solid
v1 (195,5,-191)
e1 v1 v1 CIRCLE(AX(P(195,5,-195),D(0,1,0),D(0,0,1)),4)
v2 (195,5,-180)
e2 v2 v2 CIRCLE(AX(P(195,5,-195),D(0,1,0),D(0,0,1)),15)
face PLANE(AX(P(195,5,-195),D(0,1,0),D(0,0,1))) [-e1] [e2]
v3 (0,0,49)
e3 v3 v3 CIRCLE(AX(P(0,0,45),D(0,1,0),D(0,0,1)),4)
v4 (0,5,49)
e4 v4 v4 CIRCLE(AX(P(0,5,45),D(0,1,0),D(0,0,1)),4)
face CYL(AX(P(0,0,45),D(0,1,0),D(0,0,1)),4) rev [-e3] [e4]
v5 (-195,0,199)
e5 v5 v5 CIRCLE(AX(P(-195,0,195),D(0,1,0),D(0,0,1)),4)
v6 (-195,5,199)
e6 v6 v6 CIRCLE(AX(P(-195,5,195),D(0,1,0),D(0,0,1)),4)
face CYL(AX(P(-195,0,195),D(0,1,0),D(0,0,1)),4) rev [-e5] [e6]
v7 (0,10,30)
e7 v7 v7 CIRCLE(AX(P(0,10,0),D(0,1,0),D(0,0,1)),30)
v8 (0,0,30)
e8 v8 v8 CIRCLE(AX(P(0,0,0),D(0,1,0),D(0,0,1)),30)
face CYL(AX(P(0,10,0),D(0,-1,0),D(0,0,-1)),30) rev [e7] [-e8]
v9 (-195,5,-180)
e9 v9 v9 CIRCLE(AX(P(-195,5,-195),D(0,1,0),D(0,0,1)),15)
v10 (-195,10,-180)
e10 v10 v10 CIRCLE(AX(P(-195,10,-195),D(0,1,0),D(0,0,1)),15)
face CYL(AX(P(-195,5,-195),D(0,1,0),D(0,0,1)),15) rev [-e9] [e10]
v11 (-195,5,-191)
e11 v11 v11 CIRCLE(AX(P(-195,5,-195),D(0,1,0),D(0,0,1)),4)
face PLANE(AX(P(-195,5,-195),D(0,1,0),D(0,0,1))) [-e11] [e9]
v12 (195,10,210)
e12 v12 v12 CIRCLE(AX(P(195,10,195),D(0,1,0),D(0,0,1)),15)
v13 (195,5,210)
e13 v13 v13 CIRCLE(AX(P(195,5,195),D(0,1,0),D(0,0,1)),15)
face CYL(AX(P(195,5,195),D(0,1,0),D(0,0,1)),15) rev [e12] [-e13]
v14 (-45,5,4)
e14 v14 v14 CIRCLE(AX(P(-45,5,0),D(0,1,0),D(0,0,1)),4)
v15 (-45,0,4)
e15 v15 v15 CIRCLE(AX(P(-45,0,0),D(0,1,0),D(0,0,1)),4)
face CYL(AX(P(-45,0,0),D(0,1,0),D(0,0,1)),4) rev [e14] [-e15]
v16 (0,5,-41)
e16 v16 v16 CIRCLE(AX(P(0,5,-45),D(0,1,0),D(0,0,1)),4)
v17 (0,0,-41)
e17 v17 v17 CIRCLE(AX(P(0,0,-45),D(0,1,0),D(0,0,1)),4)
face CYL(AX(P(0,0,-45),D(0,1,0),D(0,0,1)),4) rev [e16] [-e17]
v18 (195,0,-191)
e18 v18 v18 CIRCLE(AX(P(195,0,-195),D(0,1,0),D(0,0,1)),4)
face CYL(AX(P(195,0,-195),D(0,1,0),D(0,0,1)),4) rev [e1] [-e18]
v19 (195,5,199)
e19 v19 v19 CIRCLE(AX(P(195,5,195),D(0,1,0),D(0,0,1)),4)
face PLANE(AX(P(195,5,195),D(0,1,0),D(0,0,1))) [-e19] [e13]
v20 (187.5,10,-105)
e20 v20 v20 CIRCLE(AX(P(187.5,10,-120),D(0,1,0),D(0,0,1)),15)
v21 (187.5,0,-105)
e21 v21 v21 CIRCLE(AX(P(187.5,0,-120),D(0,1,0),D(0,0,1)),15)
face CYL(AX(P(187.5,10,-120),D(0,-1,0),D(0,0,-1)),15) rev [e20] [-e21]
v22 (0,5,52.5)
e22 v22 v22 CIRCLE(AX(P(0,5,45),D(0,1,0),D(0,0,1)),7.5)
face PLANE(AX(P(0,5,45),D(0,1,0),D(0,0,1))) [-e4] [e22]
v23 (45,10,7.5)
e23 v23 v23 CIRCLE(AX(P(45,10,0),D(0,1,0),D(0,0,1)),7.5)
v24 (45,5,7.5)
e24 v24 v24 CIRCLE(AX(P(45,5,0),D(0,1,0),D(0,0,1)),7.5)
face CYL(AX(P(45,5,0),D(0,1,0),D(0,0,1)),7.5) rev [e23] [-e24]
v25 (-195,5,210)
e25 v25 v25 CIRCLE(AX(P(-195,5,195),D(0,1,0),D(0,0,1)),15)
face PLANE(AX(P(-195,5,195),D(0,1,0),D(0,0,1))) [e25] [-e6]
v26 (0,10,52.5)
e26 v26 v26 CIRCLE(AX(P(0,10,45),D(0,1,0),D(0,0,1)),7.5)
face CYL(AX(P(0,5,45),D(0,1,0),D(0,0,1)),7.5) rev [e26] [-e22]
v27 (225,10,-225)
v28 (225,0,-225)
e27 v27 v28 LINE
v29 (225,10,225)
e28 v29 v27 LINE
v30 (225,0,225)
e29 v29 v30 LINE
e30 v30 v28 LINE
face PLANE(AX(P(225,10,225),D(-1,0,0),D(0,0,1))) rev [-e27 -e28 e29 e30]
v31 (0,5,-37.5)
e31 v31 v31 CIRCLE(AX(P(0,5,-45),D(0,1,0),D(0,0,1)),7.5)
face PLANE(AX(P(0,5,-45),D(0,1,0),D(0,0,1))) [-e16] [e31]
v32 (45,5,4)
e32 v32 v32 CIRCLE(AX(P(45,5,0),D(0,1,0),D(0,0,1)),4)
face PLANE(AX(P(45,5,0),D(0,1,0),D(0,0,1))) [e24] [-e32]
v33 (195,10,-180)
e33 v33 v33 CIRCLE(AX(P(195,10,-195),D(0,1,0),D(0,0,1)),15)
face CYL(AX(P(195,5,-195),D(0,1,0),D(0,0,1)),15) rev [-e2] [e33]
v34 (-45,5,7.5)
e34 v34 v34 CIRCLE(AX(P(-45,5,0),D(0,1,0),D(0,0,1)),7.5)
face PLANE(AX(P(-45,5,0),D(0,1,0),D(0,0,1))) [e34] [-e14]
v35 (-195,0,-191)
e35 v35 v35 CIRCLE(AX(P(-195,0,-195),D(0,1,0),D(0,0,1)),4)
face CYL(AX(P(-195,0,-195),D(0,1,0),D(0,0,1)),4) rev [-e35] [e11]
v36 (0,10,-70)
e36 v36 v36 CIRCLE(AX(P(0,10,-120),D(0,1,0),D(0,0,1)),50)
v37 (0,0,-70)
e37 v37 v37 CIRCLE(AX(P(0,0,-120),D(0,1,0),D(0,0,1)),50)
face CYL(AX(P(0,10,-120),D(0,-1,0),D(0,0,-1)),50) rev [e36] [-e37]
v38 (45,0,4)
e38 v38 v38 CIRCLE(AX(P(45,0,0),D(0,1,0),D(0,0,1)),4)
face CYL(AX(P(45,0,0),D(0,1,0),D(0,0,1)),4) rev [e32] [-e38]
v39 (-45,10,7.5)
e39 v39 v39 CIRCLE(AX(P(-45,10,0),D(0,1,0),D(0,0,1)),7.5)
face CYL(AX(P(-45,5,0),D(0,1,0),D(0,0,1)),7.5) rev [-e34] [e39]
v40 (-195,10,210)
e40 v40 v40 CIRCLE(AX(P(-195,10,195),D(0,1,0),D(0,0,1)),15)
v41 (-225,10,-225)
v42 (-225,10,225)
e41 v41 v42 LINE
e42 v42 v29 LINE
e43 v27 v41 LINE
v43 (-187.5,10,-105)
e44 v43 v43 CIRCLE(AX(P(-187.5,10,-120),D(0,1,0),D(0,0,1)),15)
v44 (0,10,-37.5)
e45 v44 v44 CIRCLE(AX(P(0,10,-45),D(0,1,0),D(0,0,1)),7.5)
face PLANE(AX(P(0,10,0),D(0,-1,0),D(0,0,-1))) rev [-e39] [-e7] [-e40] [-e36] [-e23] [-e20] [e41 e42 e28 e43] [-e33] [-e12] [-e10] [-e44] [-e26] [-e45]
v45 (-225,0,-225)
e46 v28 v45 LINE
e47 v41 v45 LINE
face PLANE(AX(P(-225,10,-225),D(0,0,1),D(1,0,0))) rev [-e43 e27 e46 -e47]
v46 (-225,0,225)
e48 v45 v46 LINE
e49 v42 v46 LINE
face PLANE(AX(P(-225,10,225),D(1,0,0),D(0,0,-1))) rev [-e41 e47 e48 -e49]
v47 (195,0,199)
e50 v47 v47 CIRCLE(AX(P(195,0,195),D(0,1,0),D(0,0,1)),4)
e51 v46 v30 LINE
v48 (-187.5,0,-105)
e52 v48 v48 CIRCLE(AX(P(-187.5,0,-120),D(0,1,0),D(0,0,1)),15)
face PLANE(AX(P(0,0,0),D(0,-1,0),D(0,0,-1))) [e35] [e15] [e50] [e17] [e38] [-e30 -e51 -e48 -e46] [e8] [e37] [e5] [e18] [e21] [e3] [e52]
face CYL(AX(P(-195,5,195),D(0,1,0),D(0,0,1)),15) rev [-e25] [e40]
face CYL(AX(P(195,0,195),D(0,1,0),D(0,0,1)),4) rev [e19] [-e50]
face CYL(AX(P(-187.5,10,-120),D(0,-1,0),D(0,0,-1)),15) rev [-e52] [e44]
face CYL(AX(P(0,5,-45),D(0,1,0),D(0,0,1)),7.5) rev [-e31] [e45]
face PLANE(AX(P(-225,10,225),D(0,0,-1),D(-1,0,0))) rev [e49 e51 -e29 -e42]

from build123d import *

# Parameters (mm, degrees)
CROQUIS1_W              = 450
CROQUIS1_H              = 450
CROQUIS1_R              = 30
CROQUIS1_R_2            = 50
CROQUIS1_R_3            = 15
SALIENTE_EXTRUIR1_DEPTH = 10
CROQUIS7_R              = 15
CROQUIS7_R_2            = 7.5
CORTAR_EXTRUIR6_DEPTH   = 5
CROQUIS8_R              = 4
CORTAR_EXTRUIR7_DEPTH   = 5


with BuildPart() as part:
    # Croquis1 → Saliente-Extruir1 (new body)
    with BuildSketch(Plane(origin=(0, 0, 0), x_dir=(1, 0, 0), z_dir=(0, 1, 0))):
        Rectangle(CROQUIS1_W, CROQUIS1_H)
        Circle(CROQUIS1_R, mode=Mode.SUBTRACT)
        with Locations((0, 120)):
            Circle(CROQUIS1_R_2, mode=Mode.SUBTRACT)
        with Locations((-187.5, 120)):
            Circle(CROQUIS1_R_3, mode=Mode.SUBTRACT)
        with Locations((187.5, 120)):
            Circle(CROQUIS1_R_3, mode=Mode.SUBTRACT)
    extrude(amount=SALIENTE_EXTRUIR1_DEPTH)

    # Croquis7 → Cortar-Extruir6 (cut)
    with BuildSketch(Plane(origin=(0, 10, 0), x_dir=(1, 0, 0), z_dir=(0, 1, 0))):
        with Locations((-195, 195)):
            Circle(CROQUIS7_R)
        with Locations((195, 195)):
            Circle(CROQUIS7_R)
        with Locations((195, -195)):
            Circle(CROQUIS7_R)
        with Locations((-195, -195)):
            Circle(CROQUIS7_R)
        with Locations((-45, 0)):
            Circle(CROQUIS7_R_2)
        with Locations((0, 45)):
            Circle(CROQUIS7_R_2)
        with Locations((0, -45)):
            Circle(CROQUIS7_R_2)
        with Locations((45, 0)):
            Circle(CROQUIS7_R_2)
    extrude(amount=-CORTAR_EXTRUIR6_DEPTH, mode=Mode.SUBTRACT)

    # Croquis8 → Cortar-Extruir7 (cut)
    with BuildSketch(Plane(origin=(0, 5, 0), x_dir=(1, 0, 0), z_dir=(0, 1, 0))):
        with Locations((195, -195)):
            Circle(CROQUIS8_R)
        with Locations((-195, -195)):
            Circle(CROQUIS8_R)
        with Locations((-45, 0)):
            Circle(CROQUIS8_R)
        with Locations((45, 0)):
            Circle(CROQUIS8_R)
        with Locations((0, -45)):
            Circle(CROQUIS8_R)
        with Locations((0, 45)):
            Circle(CROQUIS8_R)
        with Locations((195, 195)):
            Circle(CROQUIS8_R)
        with Locations((-195, 195)):
            Circle(CROQUIS8_R)
    extrude(amount=-CORTAR_EXTRUIR7_DEPTH, mode=Mode.SUBTRACT)


solid = part.part
